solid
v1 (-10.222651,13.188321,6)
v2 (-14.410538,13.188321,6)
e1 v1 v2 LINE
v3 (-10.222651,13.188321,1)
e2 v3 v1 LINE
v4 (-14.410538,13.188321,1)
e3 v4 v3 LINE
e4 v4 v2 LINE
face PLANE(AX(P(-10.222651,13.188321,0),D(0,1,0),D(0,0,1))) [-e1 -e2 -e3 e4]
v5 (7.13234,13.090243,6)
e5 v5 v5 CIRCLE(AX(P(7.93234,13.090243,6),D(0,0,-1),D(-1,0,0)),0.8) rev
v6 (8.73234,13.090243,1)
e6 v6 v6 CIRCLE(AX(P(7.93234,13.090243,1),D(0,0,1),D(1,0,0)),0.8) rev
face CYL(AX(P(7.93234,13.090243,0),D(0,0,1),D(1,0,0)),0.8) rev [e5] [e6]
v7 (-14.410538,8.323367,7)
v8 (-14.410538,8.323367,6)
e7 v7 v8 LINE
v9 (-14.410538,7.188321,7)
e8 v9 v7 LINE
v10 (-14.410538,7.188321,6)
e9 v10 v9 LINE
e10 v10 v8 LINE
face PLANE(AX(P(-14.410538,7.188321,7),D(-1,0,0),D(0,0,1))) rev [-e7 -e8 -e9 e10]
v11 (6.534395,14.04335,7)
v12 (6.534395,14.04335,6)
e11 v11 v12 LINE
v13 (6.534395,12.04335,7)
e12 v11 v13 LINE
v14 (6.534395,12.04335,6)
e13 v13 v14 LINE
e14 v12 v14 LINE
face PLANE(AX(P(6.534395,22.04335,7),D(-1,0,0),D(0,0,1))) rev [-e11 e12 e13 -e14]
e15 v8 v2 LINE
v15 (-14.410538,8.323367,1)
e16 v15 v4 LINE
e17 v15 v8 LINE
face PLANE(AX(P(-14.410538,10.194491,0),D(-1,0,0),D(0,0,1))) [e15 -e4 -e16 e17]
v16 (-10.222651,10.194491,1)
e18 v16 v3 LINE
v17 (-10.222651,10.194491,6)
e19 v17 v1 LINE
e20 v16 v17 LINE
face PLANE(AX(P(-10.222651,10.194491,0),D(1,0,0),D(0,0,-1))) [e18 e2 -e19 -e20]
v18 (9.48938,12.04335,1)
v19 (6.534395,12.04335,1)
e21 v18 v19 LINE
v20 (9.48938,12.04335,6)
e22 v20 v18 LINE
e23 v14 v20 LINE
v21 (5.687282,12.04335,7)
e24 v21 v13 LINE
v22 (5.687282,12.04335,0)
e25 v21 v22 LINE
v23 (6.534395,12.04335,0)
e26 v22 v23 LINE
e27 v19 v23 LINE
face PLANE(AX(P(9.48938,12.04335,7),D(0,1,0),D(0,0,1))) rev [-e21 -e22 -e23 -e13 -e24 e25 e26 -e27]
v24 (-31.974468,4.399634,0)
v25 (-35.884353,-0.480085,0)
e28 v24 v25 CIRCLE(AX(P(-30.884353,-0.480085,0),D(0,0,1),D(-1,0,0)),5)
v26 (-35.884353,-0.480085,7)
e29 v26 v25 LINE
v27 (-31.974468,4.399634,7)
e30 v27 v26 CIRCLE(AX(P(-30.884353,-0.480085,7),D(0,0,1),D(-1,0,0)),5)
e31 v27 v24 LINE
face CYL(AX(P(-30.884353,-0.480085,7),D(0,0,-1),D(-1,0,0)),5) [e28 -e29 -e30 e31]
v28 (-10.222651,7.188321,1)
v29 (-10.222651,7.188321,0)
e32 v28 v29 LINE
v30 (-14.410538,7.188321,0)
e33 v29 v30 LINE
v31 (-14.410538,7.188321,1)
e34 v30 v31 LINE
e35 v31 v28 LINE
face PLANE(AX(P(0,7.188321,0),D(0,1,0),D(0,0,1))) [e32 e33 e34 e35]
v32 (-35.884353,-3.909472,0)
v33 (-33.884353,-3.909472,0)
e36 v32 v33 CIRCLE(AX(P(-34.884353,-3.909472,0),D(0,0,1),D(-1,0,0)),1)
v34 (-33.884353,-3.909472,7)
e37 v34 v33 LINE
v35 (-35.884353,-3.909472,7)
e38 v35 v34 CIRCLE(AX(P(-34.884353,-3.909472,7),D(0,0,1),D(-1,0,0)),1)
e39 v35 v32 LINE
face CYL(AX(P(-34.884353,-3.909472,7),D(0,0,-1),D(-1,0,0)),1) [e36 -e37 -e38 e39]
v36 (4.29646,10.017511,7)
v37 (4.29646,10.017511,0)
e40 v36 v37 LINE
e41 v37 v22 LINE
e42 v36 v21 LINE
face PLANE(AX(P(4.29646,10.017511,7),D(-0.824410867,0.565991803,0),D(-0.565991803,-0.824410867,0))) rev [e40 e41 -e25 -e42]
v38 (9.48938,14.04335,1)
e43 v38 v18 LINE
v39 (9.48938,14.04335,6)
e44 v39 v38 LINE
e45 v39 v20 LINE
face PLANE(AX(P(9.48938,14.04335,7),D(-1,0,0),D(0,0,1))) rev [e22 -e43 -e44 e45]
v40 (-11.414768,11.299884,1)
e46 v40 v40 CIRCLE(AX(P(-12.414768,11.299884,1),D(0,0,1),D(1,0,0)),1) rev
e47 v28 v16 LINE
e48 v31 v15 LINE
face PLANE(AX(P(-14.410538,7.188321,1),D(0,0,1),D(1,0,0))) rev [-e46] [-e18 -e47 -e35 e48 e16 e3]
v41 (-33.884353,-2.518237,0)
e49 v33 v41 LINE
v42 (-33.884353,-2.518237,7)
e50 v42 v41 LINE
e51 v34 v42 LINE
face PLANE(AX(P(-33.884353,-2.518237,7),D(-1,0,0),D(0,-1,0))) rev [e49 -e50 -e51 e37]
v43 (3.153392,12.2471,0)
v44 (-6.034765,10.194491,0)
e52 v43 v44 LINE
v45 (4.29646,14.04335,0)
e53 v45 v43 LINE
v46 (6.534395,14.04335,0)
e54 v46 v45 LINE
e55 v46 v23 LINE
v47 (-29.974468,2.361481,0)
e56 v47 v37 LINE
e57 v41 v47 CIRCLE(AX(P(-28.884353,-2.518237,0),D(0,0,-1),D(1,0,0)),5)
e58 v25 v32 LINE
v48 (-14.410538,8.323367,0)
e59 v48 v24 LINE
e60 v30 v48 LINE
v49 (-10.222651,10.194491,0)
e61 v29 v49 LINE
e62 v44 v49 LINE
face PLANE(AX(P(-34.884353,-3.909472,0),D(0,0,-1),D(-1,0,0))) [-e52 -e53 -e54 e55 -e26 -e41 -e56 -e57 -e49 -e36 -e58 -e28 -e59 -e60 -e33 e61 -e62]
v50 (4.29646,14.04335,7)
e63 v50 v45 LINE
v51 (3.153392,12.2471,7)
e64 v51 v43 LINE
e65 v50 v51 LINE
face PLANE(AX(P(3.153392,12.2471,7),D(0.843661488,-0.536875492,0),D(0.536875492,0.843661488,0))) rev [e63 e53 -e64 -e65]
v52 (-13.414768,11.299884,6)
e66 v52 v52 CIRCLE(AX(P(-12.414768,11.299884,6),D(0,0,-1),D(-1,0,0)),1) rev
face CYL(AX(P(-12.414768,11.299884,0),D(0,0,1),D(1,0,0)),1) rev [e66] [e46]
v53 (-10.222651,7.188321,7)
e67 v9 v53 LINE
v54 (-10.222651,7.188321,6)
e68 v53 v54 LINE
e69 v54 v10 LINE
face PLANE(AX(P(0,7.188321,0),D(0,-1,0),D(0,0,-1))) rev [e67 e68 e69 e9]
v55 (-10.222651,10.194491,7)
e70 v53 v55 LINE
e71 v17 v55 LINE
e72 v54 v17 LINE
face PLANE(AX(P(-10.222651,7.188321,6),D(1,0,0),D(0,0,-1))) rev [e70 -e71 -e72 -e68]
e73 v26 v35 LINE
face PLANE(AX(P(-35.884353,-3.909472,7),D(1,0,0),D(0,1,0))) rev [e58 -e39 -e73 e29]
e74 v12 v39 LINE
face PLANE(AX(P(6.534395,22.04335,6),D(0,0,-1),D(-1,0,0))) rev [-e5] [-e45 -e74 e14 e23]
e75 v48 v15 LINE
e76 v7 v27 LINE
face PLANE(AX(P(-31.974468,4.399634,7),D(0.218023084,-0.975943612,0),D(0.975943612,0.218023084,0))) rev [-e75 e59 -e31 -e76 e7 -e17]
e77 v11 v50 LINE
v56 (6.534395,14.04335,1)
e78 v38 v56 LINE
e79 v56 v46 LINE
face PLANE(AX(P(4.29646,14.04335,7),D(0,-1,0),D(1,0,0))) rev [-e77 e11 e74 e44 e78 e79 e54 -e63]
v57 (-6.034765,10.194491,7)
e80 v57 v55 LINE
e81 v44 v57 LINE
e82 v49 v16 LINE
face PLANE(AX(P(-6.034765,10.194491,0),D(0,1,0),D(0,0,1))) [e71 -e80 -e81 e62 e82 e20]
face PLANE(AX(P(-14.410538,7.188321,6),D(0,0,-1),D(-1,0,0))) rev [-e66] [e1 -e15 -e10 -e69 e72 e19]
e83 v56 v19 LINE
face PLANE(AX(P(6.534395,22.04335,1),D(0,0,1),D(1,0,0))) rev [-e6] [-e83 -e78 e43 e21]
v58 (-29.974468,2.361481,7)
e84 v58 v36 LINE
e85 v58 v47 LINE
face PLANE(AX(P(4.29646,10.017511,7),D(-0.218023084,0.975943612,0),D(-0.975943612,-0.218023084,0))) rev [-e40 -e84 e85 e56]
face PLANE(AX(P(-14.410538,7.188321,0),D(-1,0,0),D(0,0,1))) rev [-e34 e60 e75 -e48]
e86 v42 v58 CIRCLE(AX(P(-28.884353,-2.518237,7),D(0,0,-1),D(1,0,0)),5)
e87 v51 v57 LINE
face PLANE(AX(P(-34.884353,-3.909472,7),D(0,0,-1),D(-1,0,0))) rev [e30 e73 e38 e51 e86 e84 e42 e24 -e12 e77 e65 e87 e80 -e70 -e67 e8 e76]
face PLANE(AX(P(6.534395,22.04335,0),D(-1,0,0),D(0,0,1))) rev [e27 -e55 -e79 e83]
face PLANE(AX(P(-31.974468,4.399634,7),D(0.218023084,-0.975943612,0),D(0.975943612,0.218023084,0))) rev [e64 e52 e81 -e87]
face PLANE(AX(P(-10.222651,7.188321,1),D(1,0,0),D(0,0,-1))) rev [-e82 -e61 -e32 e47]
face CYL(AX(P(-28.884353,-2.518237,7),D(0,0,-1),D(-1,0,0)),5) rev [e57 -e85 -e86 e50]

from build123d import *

# Parameters (mm, degrees)
BOSS_EXTRUDE2_DEPTH = 7
BOSS_EXTRUDE3_DEPTH = 7
SKETCH3_R           = 1
CUT_EXTRUDE1_DEPTH  = 7
SKETCH4_R           = 0.8
CUT_EXTRUDE2_DEPTH  = 7
SKETCH6_W           = 2.954985002
SKETCH6_H           = 1
CUT_EXTRUDE3_DEPTH  = 10
SKETCH7_W           = 4.187886823
SKETCH7_H           = 1
CUT_EXTRUDE5_DEPTH  = 6


with BuildPart() as part:
    # Sketch1 → Boss-Extrude2 (new body)
    with BuildSketch(Plane.XY):
        with BuildLine():
            Line((3.153391707, 12.247099593), (4.296460399, 14.043350396))
            Line((4.296460399, 14.043350396), (9.489380334, 14.043350396))
            Line((9.489380334, 14.043350396), (9.489380334, 12.043350396))
            Line((9.489380334, 12.043350396), (5.687282028, 12.043350396))
            Line((5.687282028, 12.043350396), (4.296460399, 10.01751105))
            Line((4.296460399, 10.01751105), (-29.974468214, 2.361481073))
            ThreePointArc((-29.974468214, 2.361481073), (-32.786312372, 0.608216504), (-33.884352793, -2.51823699))
            Line((-33.884352793, -2.51823699), (-33.884352793, -3.909471954))
            ThreePointArc((-33.884352793, -3.909471954), (-34.884352793, -4.909471954), (-35.884352793, -3.909471954))
            Line((-35.884352793, -3.909471954), (-35.884352793, -0.480084513))
            ThreePointArc((-35.884352793, -0.480084513), (-34.786312372, 2.646368981), (-31.974468214, 4.399633549))
            Line((-31.974468214, 4.399633549), (3.153391707, 12.247099593))
        make_face()
    extrude(amount=BOSS_EXTRUDE2_DEPTH)

    # Sketch2 → Boss-Extrude3 (add)
    with BuildSketch(Plane.XY.offset(7)):
        Polygon((-6.034764609, 10.194491069), (-10.222651431, 10.194491069), (-10.222651431, 13.1883213), (-14.410538254, 13.1883213), (-14.410538254, 10.194491069), (-14.410538254, 8.323366571), align=None)
    extrude(amount=-BOSS_EXTRUDE3_DEPTH)

    # Sketch3 → Cut-Extrude1 (cut)
    with BuildSketch(Plane.XY.offset(7)):
        with Locations((-12.414768406, 11.299883581)):
            Circle(SKETCH3_R)
    extrude(amount=-CUT_EXTRUDE1_DEPTH, mode=Mode.SUBTRACT)

    # Sketch4 → Cut-Extrude2 (cut)
    with BuildSketch(Plane.XY.offset(7)):
        with Locations((7.932339973, 13.090243395)):
            Circle(SKETCH4_R)
    extrude(amount=-CUT_EXTRUDE2_DEPTH, mode=Mode.SUBTRACT)

    # Sketch6 → Cut-Extrude3 (cut)
    with BuildSketch(Plane.XZ.offset(-12.043350396)):
        with Locations((8.011887833, 6.5)):
            Rectangle(SKETCH6_W, SKETCH6_H)
        with Locations((8.011887833, 0.5)):
            Rectangle(SKETCH6_W, SKETCH6_H)
    extrude(amount=-CUT_EXTRUDE3_DEPTH, mode=Mode.SUBTRACT)

    # Sketch7 → Cut-Extrude5 (cut)
    with BuildSketch(Plane(origin=(0, 13.1883213, 0), x_dir=(1, 0, 0), z_dir=(0, 1, 0))):
        with Locations((-12.316594843, -0.5)):
            Rectangle(SKETCH7_W, SKETCH7_H)
        with Locations((-12.316594843, -6.5)):
            Rectangle(SKETCH7_W, SKETCH7_H)
    extrude(amount=-CUT_EXTRUDE5_DEPTH, mode=Mode.SUBTRACT)


solid = part.part
